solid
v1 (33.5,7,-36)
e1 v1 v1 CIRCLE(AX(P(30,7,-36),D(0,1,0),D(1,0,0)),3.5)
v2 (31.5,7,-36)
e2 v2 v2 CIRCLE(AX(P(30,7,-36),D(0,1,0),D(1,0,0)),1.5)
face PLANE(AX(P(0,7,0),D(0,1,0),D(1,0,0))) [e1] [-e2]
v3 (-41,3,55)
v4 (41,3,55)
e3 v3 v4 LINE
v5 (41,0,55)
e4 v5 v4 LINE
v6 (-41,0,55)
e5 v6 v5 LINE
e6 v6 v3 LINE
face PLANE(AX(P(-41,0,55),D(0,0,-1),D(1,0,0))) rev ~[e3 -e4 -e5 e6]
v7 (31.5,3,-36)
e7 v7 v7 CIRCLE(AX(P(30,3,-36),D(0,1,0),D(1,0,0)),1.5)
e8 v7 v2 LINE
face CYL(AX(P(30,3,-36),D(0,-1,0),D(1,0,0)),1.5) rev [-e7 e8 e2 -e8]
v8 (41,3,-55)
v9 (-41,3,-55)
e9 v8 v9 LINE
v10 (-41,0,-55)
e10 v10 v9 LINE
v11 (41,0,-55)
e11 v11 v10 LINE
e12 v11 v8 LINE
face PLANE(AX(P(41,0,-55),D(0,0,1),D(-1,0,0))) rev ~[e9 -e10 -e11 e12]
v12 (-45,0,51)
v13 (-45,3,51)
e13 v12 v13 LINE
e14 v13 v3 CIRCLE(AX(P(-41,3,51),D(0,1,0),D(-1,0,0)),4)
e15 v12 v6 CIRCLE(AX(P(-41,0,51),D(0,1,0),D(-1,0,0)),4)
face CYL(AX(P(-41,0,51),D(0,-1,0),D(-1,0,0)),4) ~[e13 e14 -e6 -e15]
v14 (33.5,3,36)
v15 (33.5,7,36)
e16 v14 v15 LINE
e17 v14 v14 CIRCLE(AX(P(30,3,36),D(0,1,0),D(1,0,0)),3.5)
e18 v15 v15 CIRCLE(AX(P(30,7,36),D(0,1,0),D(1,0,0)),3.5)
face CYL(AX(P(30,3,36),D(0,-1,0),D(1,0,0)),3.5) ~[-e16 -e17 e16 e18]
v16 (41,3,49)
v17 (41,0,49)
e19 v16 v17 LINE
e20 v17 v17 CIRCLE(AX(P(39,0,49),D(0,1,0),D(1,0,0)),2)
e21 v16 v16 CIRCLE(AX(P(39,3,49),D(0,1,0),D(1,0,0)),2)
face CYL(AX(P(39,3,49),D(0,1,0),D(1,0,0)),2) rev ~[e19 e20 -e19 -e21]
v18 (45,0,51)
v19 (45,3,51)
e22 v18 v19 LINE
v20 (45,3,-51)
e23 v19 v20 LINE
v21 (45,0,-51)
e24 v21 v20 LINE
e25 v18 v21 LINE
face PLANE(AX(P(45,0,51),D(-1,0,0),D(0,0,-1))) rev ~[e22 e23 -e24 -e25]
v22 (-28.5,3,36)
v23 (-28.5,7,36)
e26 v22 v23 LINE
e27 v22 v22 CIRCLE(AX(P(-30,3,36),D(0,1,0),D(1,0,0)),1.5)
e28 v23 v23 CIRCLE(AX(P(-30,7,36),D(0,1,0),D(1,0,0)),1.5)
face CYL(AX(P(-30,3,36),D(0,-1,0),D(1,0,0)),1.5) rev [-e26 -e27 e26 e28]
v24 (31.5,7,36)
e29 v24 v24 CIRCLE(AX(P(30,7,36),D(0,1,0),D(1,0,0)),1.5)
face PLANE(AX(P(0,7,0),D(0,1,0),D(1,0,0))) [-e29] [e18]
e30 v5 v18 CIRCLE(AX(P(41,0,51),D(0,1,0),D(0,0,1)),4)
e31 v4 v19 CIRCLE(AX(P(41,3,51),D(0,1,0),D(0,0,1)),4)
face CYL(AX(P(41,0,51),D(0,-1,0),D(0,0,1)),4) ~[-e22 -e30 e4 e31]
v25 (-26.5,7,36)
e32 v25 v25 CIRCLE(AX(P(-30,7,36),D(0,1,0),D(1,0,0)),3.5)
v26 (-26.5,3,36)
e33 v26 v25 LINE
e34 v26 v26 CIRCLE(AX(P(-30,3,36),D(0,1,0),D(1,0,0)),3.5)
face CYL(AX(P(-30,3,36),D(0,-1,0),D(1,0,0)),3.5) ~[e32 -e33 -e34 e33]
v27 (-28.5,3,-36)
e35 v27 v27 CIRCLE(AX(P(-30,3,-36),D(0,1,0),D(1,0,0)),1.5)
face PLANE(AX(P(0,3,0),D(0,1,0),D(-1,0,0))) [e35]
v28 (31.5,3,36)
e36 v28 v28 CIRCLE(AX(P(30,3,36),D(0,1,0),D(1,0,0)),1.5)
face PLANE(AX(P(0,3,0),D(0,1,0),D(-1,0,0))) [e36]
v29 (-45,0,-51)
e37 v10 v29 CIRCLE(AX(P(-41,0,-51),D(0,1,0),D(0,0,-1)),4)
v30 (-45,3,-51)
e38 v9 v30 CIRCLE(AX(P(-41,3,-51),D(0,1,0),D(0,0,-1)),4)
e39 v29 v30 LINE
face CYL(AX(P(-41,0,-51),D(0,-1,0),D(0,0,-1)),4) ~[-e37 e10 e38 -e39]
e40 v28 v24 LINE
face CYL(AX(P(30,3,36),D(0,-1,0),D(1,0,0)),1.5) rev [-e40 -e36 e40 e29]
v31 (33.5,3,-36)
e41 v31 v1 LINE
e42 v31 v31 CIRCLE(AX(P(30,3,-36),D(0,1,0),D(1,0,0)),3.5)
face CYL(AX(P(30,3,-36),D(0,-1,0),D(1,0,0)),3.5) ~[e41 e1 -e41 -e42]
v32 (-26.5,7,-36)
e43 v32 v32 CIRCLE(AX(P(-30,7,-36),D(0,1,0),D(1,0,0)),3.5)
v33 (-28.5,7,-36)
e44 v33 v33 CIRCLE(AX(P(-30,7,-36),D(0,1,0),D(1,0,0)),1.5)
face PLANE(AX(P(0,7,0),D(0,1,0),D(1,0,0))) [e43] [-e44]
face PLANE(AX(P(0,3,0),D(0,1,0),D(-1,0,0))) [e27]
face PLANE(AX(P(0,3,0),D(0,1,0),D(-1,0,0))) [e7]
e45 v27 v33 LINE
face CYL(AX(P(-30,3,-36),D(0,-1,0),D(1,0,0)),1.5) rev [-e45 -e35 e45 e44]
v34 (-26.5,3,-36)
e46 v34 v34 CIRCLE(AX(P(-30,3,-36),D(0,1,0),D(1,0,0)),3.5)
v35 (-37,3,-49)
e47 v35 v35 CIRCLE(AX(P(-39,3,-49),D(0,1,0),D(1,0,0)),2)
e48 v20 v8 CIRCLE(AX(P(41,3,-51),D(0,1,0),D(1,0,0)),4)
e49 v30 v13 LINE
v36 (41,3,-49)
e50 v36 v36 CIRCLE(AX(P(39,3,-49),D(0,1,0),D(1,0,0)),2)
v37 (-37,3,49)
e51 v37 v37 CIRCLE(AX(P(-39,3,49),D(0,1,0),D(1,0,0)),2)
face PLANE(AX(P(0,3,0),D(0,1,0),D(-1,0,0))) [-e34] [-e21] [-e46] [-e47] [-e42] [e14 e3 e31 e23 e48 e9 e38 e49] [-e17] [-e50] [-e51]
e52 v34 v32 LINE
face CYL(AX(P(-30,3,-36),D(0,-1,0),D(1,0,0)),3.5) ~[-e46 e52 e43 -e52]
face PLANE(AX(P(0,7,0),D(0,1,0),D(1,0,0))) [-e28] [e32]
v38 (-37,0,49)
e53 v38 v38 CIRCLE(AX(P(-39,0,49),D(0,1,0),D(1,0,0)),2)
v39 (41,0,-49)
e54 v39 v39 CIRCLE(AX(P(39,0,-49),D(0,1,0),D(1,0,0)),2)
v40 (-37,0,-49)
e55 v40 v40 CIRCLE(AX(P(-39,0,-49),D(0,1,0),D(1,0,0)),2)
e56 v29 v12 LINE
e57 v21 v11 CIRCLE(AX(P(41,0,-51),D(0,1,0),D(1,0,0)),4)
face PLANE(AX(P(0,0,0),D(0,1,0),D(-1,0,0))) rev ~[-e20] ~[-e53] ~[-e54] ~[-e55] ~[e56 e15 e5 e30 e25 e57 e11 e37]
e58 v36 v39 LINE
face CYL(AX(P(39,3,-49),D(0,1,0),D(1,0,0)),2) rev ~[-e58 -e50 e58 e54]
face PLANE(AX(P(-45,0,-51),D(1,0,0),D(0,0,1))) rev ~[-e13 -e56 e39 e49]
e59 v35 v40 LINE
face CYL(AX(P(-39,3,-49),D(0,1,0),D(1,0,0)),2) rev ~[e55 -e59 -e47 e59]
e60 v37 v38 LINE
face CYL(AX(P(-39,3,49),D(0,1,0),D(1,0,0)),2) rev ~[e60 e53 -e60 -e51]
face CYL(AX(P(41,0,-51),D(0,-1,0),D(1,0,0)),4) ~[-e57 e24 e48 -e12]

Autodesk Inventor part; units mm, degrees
ref_plane "YZ Plane" through (0, 0, 0) normal (1, 0, 0) x (0, 1, 0)
ref_plane "XZ Plane" through (0, 0, 0) normal (0, 1, 0) x (-1, 0, 0)
ref_plane "XY Plane" through (0, 0, 0) normal (0, 0, 1) x (1, 0, 0)
sketch "Szkic1" plane through (0, 0, 0) normal (0, 1, 0) x (-1, 0, 0)
  line L0 (-41, -55) -> (41, -55)
  line L1 (45, -51) -> (45, 51)
  line L2 (41, 55) -> (-41, 55)
  line L3 (-45, 51) -> (-45, -51)
  arc A0 (-41, 55) -> (-45, 51) centre (-41, 51) ccw
  arc A1 (45, 51) -> (41, 55) centre (41, 51) ccw
  arc A2 (41, -55) -> (45, -51) centre (41, -51) ccw
  arc A3 (-45, -51) -> (-41, -55) centre (-41, -51) ccw
  dimension "d14" = 4
  dimension "d15" = 4
  dimension "d16" = 4
  dimension "d17" = 4
extrude "Wyciągnięcie proste1" add sketch "Szkic1" along normal blind 3
sketch "Szkic2" plane through (0, 3, 0) normal (0, 1, 0) x (1, 0, 0)
  circle A0 centre (-30, -36) radius 1.5
  circle A1 centre (-30, -36) radius 3.5
  circle A2 centre (-30, 36) radius 1.5
  circle A3 centre (-30, 36) radius 3.5
  circle A4 centre (30, -36) radius 1.5
  circle A5 centre (30, -36) radius 3.5
  circle A6 centre (30, 36) radius 1.5
  circle A7 centre (30, 36) radius 3.5
  point P0 (0, 0)
  dimension "d24" = 3
  dimension "d25" = 7
extrude "Wyciągnięcie proste2" add sketch "Szkic2" along normal blind 4
sketch "Szkic3" plane through (0, 3, 0) normal (0, 1, 0) x (1, 0, 0)
  circle A0 centre (39, -49) radius 2
  circle A1 centre (-39, -49) radius 2
  circle A2 centre (39, 49) radius 2
  circle A3 centre (-39, 49) radius 2
  point P0 (0, 0)
  dimension "d30" = 4
extrude "Wyciągnięcie proste3" cut sketch "Szkic3" against normal through all
thread "Gwint1" size "M4x0.7" class "6H" standard "ISO Metric profile" full length
thread "Gwint2" size "M4x0.7" class "6H" standard "ISO Metric profile" full length
thread "Gwint3" size "M4x0.7" class "6H" standard "ISO Metric profile" full length
thread "Gwint4" size "M4x0.7" class "6H" standard "ISO Metric profile" full length
thread "Gwint5" size "M3x0.5" class "6H" standard "ISO Metric profile" full length
thread "Gwint6" size "M3x0.5" class "6H" standard "ANSI Metric M Profile" full length
thread "Gwint7" size "M3x0.5" class "6H" standard "ANSI Metric M Profile" full length
thread "Gwint8" size "M3x0.5" class "6H" standard "ANSI Metric M Profile" full length
